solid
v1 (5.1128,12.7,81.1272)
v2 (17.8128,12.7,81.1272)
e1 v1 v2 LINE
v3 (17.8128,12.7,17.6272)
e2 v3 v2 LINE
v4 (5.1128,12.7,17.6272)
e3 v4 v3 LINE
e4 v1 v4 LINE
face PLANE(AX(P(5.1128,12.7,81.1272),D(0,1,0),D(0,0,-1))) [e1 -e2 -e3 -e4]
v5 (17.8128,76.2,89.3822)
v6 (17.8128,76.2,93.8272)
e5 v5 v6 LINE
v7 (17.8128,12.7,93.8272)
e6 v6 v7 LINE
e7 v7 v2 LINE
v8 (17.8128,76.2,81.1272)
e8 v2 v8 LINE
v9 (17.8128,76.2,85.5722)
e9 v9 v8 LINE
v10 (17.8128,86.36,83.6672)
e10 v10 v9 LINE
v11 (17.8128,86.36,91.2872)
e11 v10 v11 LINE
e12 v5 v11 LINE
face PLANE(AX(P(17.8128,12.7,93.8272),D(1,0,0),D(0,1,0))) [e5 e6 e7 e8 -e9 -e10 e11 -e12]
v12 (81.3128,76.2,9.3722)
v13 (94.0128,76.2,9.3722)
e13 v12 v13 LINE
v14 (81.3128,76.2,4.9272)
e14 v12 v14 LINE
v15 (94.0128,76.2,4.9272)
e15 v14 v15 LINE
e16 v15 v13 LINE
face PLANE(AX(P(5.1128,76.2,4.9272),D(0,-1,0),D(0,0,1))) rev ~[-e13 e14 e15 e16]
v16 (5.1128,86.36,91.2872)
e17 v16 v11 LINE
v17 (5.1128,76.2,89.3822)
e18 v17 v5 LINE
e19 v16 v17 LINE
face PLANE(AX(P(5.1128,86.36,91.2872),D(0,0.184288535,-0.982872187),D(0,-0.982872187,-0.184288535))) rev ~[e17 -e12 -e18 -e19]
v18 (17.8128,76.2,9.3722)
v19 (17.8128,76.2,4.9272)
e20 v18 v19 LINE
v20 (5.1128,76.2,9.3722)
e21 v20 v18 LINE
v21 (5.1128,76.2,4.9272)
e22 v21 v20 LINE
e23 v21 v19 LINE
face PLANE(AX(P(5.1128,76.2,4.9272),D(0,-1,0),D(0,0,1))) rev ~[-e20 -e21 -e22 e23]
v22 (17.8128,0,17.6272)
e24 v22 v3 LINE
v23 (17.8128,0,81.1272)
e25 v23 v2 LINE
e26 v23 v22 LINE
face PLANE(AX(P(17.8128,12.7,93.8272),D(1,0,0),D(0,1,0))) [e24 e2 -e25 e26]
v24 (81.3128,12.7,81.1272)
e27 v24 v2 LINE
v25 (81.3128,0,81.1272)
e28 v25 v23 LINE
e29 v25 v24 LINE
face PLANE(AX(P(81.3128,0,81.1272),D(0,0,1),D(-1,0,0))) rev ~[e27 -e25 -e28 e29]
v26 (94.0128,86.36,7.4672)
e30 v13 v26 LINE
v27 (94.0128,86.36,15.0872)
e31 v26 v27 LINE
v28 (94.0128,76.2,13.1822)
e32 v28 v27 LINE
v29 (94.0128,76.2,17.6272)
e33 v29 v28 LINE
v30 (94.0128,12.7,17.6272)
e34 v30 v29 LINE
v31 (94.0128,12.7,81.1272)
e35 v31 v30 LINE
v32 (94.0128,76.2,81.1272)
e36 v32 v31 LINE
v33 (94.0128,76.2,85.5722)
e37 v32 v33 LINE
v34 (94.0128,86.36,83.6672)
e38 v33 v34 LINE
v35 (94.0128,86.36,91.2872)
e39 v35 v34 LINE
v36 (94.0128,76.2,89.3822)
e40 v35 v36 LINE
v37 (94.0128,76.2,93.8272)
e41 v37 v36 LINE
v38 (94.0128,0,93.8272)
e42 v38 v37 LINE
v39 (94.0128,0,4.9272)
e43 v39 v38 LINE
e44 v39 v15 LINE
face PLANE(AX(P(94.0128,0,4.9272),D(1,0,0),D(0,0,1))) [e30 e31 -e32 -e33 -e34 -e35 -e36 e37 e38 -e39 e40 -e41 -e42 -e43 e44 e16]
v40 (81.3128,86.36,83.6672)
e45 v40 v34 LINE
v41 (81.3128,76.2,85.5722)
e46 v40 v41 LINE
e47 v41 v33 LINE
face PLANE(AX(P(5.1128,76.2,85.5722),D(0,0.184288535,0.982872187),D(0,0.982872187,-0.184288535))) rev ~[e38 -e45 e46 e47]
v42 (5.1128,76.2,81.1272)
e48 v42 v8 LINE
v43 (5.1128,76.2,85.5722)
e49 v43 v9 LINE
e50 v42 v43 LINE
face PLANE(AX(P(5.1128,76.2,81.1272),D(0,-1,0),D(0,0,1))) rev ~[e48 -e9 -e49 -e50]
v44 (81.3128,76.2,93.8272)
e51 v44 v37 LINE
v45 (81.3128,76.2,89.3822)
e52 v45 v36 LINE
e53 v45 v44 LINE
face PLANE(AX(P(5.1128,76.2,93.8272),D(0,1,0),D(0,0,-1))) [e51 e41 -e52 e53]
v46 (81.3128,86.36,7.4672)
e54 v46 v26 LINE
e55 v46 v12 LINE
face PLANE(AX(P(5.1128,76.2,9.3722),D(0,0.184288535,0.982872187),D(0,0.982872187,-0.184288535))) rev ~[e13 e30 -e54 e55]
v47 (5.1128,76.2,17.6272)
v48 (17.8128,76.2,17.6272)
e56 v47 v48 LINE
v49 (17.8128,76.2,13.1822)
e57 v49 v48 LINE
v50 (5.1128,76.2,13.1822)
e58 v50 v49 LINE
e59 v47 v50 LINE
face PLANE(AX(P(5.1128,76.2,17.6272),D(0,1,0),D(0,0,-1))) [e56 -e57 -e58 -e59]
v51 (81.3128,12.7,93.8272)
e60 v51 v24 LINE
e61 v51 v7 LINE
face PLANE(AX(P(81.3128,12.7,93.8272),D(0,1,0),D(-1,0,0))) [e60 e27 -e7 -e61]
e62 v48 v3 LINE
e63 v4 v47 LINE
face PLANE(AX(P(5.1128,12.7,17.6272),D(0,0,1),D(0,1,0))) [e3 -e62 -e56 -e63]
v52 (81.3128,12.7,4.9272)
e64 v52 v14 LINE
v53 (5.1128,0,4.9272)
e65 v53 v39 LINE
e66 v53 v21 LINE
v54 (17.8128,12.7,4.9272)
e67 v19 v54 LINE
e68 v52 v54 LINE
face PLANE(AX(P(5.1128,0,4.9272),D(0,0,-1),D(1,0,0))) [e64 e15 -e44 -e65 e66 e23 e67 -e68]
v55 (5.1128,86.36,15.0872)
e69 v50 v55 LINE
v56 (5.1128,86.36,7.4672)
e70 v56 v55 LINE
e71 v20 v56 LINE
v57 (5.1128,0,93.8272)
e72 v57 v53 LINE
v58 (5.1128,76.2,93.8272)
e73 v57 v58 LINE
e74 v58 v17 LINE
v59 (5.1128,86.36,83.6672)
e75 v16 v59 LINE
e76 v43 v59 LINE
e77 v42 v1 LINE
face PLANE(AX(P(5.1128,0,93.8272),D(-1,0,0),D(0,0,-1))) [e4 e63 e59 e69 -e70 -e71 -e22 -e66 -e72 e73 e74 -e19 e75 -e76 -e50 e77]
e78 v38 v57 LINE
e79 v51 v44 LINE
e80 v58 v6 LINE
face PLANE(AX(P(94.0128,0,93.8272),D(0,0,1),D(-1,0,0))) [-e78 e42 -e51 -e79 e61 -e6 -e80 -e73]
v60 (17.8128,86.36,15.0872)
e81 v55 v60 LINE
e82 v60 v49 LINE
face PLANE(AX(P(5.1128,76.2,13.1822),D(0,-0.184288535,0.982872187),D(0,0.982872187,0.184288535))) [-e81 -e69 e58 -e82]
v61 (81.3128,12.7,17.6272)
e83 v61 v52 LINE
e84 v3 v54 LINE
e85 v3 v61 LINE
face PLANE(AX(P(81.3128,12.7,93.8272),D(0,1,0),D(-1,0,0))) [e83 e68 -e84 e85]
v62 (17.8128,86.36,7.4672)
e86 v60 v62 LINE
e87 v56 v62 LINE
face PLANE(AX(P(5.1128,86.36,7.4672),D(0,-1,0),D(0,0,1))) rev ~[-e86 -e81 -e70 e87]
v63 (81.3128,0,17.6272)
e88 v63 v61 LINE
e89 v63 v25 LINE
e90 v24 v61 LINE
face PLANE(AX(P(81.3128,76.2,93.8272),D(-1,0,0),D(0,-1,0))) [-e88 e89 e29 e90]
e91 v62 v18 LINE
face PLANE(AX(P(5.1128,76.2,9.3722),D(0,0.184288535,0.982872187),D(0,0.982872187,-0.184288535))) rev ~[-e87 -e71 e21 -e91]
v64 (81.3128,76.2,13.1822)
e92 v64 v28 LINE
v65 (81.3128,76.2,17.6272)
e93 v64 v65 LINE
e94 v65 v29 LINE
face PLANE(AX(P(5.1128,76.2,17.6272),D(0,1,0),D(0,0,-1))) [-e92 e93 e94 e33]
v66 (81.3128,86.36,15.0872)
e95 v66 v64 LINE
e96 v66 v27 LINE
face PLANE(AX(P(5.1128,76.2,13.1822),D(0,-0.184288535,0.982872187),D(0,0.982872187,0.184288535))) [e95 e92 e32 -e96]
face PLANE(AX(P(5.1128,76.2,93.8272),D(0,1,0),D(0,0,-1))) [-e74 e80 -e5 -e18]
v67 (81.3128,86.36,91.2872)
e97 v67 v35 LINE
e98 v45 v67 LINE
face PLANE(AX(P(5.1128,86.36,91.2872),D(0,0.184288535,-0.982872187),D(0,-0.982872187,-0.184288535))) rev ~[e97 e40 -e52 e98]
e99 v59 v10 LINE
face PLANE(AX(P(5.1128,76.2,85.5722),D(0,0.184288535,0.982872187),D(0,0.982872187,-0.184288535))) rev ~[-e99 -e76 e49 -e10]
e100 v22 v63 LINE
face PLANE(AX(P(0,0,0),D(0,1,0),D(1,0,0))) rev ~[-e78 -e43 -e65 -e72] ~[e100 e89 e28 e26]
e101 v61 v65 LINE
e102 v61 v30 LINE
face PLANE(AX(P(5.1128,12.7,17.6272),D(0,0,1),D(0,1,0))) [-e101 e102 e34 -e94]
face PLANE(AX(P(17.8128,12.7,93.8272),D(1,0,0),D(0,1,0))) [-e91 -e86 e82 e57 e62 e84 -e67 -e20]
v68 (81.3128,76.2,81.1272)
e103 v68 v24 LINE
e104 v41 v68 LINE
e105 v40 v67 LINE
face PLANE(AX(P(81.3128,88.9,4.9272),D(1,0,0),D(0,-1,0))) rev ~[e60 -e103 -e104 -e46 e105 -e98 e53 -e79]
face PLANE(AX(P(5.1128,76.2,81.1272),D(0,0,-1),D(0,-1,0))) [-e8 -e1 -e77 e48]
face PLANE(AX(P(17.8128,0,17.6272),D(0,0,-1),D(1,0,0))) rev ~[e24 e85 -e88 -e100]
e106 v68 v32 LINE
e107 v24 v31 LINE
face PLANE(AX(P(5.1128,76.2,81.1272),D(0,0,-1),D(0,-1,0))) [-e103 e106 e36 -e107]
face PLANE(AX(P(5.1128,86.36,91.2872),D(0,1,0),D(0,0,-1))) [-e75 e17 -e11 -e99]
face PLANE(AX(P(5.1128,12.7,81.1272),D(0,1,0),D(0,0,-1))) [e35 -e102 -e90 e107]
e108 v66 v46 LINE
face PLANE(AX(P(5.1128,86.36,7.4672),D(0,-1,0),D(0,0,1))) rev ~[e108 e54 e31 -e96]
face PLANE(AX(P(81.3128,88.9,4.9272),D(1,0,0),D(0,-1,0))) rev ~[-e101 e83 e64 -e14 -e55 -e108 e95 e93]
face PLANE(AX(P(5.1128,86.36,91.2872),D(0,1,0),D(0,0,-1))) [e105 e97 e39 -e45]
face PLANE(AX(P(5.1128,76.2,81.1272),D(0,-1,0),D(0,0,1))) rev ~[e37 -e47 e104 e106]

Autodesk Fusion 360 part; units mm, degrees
sketch "Sketch1" plane through (0, 0, 0) normal (0, 1, 0) x (1, 0, 0)
  line L0 (5.1128, -4.9272) -> (94.0128, -4.9272)
  line L1 (94.0128, -4.9272) -> (94.0128, -93.8272)
  line L2 (94.0128, -93.8272) -> (5.1128, -93.8272)
  line L3 (5.1128, -93.8272) -> (5.1128, -4.9272)
  line L4 (17.8128, -17.6272) -> (81.3128, -17.6272)
  line L5 (81.3128, -17.6272) -> (81.3128, -81.1272)
  line L6 (81.3128, -81.1272) -> (17.8128, -81.1272)
  line L7 (17.8128, -81.1272) -> (17.8128, -17.6272)
  dimension "d1" = 88.9
  dimension "d2" = 88.9
  dimension "d3" = 12.7
  dimension "d4" = 12.7
  dimension "d5" = 12.7
  dimension "d6" = 12.7
extrude "Extrude1" add sketch "Sketch1" along normal blind 88.9
sketch "Sketch2" plane through (0, 0, 93.8272) normal (0, 0, 1) x (1, 0, 0)
  line L0 (5.1128, 0) -> (94.0128, 0)
  line L1 (94.0128, 0) -> (94.0128, 88.9)
  line L2 (94.0128, 88.9) -> (5.1128, 88.9)
  line L3 (5.1128, 88.9) -> (5.1128, 0)
  line L4 (17.8128, 76.2) -> (81.3128, 76.2)
  line L5 (81.3128, 76.2) -> (81.3128, 12.7)
  line L6 (81.3128, 12.7) -> (17.8128, 12.7)
  line L7 (17.8128, 12.7) -> (17.8128, 76.2)
  dimension "d9" = 12.7
  dimension "d10" = 12.7
  dimension "d11" = 12.7
  dimension "d12" = 12.7
extrude "Extrude2" cut sketch "Sketch2" against normal blind 88.9 contours L4 L5 L6 L7
sketch "Sketch3" plane through (5.1128, 0, 0) normal (-1, 0, 0) x (0, 0, 1)
  line L0 (4.9272, 0) -> (93.8272, 0)
  line L1 (93.8272, 0) -> (93.8272, 88.9)
  line L2 (93.8272, 88.9) -> (4.9272, 88.9)
  line L3 (4.9272, 88.9) -> (4.9272, 0)
  line L4 (17.6272, 76.2) -> (81.1272, 76.2)
  line L5 (81.1272, 76.2) -> (81.1272, 12.7)
  line L6 (81.1272, 12.7) -> (17.6272, 12.7)
  line L7 (17.6272, 12.7) -> (17.6272, 76.2)
  dimension "d15" = 12.7
  dimension "d16" = 12.7
  dimension "d17" = 12.7
  dimension "d18" = 12.7
extrude "Extrude3" cut sketch "Sketch3" against normal blind 88.9 contours L4 L5 L6 L7
sketch "Sketch4" plane through (5.1128, 0, 0) normal (-1, 0, 0) x (0, 0, 1)
  line L0 (81.1272, 76.2) -> (81.1272, 12.7)
  line L1 (81.1272, 12.7) -> (17.6272, 12.7)
  line L2 (17.6272, 12.7) -> (17.6272, 76.2)
  line L3 (17.6272, 76.2) -> (81.1272, 76.2)
  line L4 (4.9272, 0) -> (93.8272, 0)
  line L5 (93.8272, 0) -> (93.8272, 88.9)
  line L6 (93.8272, 88.9) -> (4.9272, 88.9)
  line L7 (4.9272, 88.9) -> (4.9272, 0)
  line L8 (17.6272, 76.2) -> (81.1272, 76.2)
  line L9 (81.1272, 88.9) -> (17.6272, 88.9)
  line L10 (17.6272, 76.2) -> (4.9272, 76.2) construction
  line L11 (11.2772, 76.2) -> (11.2772, 88.9) construction
  line L12 (17.6272, 76.2) -> (13.1822, 76.2)
  line L13 (4.9272, 76.2) -> (9.3722, 76.2)
  line L14 (17.6272, 88.9) -> (15.0872, 88.9) construction
  line L15 (4.9272, 88.9) -> (7.4672, 88.9)
  line L16 (7.4672, 88.9) -> (7.4672, 86.36) construction
  line L17 (15.0872, 88.9) -> (15.0872, 86.36) construction
  line L18 (9.3722, 76.2) -> (7.4672, 86.36)
  line L19 (7.4672, 86.36) -> (15.0872, 86.36)
  line L20 (13.1822, 76.2) -> (15.0872, 86.36)
  line L21 (81.1272, 76.2) -> (93.8272, 76.2) construction
  line L22 (87.4772, 76.2) -> (87.4772, 88.9) construction
  line L23 (81.1272, 76.2) -> (85.5722, 76.2)
  line L24 (93.8272, 76.2) -> (89.3822, 76.2)
  line L25 (81.1272, 88.9) -> (83.6672, 88.9) construction
  line L26 (93.8272, 88.9) -> (91.2872, 88.9) construction
  line L27 (91.2872, 88.9) -> (91.2872, 86.36) construction
  line L28 (83.6672, 88.9) -> (83.6672, 86.36) construction
  line L29 (85.5722, 76.2) -> (83.6672, 86.36)
  line L30 (91.2872, 86.36) -> (89.3822, 76.2)
  line L31 (91.2872, 86.36) -> (83.6672, 86.36)
  dimension "d21" = 4.445
  dimension "d22" = 4.445
  dimension "d23" = 2.54
  dimension "d24" = 2.54
  dimension "d25" = 2.54
  dimension "d26" = 2.54
  dimension "d27" = 4.445
  dimension "d28" = 4.445
  dimension "d30" = 2.54
  dimension "d31" = 2.54
  dimension "d32" = 2.54
sketch "Sketch5" plane through (0, 0, 4.9272) normal (0, 0, -1) x (-1, 0, 0)
  line L0 (-81.3128, 12.7) -> (-81.3128, 76.2)
  line L1 (-81.3128, 76.2) -> (-17.8128, 76.2)
  line L2 (-17.8128, 76.2) -> (-17.8128, 12.7)
  line L3 (-17.8128, 12.7) -> (-81.3128, 12.7)
  line L4 (-94.0128, 0) -> (-5.1128, 0)
  line L5 (-5.1128, 0) -> (-5.1128, 88.9)
  line L6 (-5.1128, 88.9) -> (-94.0128, 88.9)
  line L7 (-94.0128, 88.9) -> (-94.0128, 0)
  line L8 (-81.3128, 76.2) -> (-17.8128, 76.2)
  line L9 (-17.8128, 76.2) -> (-17.8128, 88.9)
  line L10 (-17.8128, 88.9) -> (-81.3128, 88.9)
  line L11 (-81.3128, 88.9) -> (-81.3128, 76.2)
extrude "Extrude4" cut sketch "Sketch5" against normal blind 88.9 contours L1 L6 L8 L9 L10 L11
extrude "Extrude5" cut sketch "Sketch4" against normal blind 88.9 contours L3 L5 L6 L7 L8 L9 L12 L13 L15 L18 L19 L20 L23 L24 L29 L30 L31
